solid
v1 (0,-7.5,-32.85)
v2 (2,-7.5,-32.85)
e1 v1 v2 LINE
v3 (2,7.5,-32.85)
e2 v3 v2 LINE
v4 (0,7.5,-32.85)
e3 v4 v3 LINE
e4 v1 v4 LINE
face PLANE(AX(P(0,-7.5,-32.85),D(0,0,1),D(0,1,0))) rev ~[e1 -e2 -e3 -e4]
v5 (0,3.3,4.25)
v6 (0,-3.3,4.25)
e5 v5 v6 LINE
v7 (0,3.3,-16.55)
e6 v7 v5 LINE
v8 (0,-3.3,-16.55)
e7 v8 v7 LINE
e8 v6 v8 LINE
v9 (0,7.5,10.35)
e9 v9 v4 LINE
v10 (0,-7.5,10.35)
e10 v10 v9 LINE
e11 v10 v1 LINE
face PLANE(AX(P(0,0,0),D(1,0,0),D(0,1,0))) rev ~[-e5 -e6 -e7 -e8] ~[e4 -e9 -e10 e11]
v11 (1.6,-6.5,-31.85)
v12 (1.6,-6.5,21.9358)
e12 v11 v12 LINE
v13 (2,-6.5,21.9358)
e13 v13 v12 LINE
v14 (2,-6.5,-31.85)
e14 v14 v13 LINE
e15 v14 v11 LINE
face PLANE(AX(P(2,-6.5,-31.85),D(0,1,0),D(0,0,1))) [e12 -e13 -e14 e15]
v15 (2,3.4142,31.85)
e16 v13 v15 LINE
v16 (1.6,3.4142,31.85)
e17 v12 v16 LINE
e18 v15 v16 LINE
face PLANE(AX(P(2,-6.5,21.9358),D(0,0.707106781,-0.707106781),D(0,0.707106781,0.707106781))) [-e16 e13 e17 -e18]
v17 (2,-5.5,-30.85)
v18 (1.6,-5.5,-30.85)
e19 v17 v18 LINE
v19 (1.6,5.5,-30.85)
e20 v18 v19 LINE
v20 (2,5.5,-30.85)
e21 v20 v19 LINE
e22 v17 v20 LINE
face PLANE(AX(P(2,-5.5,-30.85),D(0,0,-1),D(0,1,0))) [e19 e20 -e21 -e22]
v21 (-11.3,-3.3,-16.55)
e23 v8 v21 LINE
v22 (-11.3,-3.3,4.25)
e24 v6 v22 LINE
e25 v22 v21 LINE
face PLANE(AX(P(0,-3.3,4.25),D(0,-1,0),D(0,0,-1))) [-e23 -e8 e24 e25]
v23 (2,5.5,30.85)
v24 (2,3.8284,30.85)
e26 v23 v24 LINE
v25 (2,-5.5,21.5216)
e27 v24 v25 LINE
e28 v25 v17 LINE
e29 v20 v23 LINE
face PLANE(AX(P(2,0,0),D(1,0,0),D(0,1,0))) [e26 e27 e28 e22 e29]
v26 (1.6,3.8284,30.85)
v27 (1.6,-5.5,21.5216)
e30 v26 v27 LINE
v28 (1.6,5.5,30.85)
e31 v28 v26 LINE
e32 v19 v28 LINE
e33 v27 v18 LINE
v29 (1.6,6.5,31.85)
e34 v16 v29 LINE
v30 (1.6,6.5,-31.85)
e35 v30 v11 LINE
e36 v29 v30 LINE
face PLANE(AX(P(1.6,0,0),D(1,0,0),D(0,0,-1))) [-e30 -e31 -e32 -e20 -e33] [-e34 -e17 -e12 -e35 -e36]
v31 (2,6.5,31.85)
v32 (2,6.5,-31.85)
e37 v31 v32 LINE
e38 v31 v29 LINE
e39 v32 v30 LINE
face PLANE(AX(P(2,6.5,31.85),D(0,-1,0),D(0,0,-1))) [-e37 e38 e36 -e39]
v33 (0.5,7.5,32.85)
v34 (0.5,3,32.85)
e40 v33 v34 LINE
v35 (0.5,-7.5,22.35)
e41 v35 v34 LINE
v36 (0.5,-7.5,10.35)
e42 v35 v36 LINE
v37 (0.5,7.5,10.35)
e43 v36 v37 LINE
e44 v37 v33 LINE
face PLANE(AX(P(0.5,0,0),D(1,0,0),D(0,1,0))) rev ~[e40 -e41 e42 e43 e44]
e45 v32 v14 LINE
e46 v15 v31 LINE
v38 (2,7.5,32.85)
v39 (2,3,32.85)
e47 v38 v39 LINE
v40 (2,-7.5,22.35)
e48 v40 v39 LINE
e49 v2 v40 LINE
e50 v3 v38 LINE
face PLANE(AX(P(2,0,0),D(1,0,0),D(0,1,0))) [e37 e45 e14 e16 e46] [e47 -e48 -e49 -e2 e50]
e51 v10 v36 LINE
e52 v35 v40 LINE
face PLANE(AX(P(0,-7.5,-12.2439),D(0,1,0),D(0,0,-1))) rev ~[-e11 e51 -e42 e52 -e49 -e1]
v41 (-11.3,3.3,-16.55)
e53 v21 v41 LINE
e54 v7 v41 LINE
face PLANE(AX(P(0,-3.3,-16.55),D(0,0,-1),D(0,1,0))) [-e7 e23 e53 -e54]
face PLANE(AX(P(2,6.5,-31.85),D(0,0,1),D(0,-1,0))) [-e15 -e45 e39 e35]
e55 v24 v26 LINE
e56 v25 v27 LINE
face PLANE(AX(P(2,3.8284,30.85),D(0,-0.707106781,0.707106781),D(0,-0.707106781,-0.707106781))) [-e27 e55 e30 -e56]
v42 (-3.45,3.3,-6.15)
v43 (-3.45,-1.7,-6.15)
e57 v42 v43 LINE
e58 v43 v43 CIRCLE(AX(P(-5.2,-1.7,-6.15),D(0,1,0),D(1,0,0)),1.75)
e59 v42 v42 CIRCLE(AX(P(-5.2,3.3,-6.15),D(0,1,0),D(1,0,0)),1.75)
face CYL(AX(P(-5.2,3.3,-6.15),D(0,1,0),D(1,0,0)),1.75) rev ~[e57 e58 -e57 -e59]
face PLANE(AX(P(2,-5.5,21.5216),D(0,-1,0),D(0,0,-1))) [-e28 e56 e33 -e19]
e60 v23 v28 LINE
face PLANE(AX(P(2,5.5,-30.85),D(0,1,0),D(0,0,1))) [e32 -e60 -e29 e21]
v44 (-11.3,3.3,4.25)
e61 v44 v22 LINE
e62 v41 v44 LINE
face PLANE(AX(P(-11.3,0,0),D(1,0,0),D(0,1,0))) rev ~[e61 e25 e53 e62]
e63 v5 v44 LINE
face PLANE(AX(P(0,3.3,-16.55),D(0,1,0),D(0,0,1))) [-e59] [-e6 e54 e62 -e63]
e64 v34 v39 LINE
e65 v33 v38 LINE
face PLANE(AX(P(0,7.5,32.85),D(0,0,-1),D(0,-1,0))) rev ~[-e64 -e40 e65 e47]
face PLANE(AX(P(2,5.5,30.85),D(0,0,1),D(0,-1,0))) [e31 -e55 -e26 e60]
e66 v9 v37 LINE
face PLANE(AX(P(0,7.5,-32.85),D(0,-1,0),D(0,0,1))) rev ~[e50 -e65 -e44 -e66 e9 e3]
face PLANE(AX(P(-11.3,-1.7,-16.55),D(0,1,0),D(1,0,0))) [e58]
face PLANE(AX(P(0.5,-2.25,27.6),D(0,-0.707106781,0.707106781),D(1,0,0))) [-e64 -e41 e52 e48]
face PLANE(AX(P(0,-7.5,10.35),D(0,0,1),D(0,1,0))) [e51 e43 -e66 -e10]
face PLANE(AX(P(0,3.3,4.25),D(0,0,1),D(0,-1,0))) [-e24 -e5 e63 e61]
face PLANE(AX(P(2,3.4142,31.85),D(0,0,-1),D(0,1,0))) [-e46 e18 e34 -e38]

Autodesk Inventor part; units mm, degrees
ref_plane "YZ Plane" through (0, 0, 0) normal (1, 0, 0) x (0, 1, 0)
ref_plane "XZ Plane" through (0, 0, 0) normal (0, 1, 0) x (-1, 0, 0)
ref_plane "XY Plane" through (0, 0, 0) normal (0, 0, 1) x (1, 0, 0)
sketch "Эскиз1" plane through (0, 0, 0) normal (1, 0, 0) x (0, 1, 0)
  line L0 (-7.5, -32.85) -> (7.5, -32.85)
  line L1 (7.5, -32.85) -> (7.5, 32.85)
  line L2 (7.5, 32.85) -> (-7.5, 32.85)
  line L3 (-7.5, 32.85) -> (-7.5, -32.85)
  line L4 (-7.5, -32.85) -> (7.5, 32.85) construction
  line L5 (7.5, -32.85) -> (-7.5, 32.85) construction
  line L6 (0, -32.85) -> (0, -16.55) construction
  line L7 (3.3, 4.25) -> (-3.3, 4.25)
  line L8 (-3.3, 4.25) -> (-3.3, -16.55)
  line L9 (-3.3, -16.55) -> (3.3, -16.55)
  line L10 (3.3, -16.55) -> (3.3, 4.25)
  line L11 (7.5, 32.85) -> (-7.5, 32.85)
  line L12 (-7.5, 32.85) -> (-7.5, 10.35)
  line L13 (-7.5, 10.35) -> (7.5, 10.35)
  line L14 (7.5, 10.35) -> (7.5, 32.85)
  line L15 (0, -32.85) -> (-7.5, -12.2439)
  line L16 (0, -32.85) -> (21.9285, -32.85) construction
  point P0 (0, 0)
  point P1 (7.5, 10.35)
  dimension "d0" = 15
  dimension "d1" = 65.7
  dimension "d2" = 16.3
  dimension "d3" = 6.6
  dimension "d4" = 20.8
  dimension "d5" = 22.5
  dimension "d25" = 110
extrude "Выдавливание1" add sketch "Эскиз1" along normal blind 2 contours L3 L15 L0 | L15 L3 L13 L1 L0 | L3 L2 L1 L13 | L10 L9 L8 L7
extrude "Выдавливание2" add sketch "Эскиз1" against normal blind 11.3 contours L10 L9 L8 L7
extrude "Выдавливание3" cut sketch "Эскиз1" along normal blind 0.5 contours L3 L2 L1 L13
chamfer "Фаска2" distance 10.5 angle 45 1 edges at (1.25, -7.5, 32.85)
sketch "Эскиз2" plane through (2, 0, 0) normal (1, 0, 0) x (0, 0, -1)
  line L0 (-22.35, -7.5) -> (-32.85, 3) projected
  line L1 (-22.35, -7.5) -> (32.85, -7.5) projected
  line L2 (32.85, -7.5) -> (32.85, 7.5) projected
  line L3 (32.85, 7.5) -> (-32.85, 7.5) projected
  line L4 (-32.85, 7.5) -> (-32.85, 3) projected
  line L5 (31.85, -6.5) -> (-21.9358, -6.5)
  line L6 (-21.9358, -6.5) -> (-31.85, 3.4142)
  line L7 (-31.85, 3.4142) -> (-31.85, 6.5)
  line L8 (-31.85, 6.5) -> (31.85, 6.5)
  line L9 (31.85, 6.5) -> (31.85, -6.5)
  line L10 (-21.5216, -5.5) -> (30.85, -5.5)
  line L11 (30.85, -5.5) -> (30.85, 5.5)
  line L12 (30.85, 5.5) -> (-30.85, 5.5)
  line L13 (-30.85, 5.5) -> (-30.85, 3.8284)
  line L14 (-30.85, 3.8284) -> (-21.5216, -5.5)
  point P0 (0, 0)
  dimension "d27" = 1
  dimension "d33" = 1
extrude "Выдавливание5" cut sketch "Эскиз2" against normal blind 0.4 contours L5 L6 L7 L8 L9
sketch "Эскиз3" plane through (-11.3, 3.3, -16.55) normal (0, 1, 0) x (1, 0, 0)
  line L0 (0, 0) -> (0, -20.8) projected
  line L1 (0, 0) -> (6.1, 0) construction
  line L2 (6.1, 0) -> (6.1, -10.4) construction
  line L3 (6.1, -10.4) -> (0, -10.4) construction
  line L4 (0, -10.4) -> (0, 0) construction
  circle A0 centre (6.1, -10.4) radius 1.75
  point P0 (11.3, -16.55)
  dimension "d28" = 6.1
  dimension "d29" = 10.4
  dimension "d30" = 3.5
extrude "Выдавливание6" cut sketch "Эскиз3" against normal blind 5
properties part number "switch_cap"
